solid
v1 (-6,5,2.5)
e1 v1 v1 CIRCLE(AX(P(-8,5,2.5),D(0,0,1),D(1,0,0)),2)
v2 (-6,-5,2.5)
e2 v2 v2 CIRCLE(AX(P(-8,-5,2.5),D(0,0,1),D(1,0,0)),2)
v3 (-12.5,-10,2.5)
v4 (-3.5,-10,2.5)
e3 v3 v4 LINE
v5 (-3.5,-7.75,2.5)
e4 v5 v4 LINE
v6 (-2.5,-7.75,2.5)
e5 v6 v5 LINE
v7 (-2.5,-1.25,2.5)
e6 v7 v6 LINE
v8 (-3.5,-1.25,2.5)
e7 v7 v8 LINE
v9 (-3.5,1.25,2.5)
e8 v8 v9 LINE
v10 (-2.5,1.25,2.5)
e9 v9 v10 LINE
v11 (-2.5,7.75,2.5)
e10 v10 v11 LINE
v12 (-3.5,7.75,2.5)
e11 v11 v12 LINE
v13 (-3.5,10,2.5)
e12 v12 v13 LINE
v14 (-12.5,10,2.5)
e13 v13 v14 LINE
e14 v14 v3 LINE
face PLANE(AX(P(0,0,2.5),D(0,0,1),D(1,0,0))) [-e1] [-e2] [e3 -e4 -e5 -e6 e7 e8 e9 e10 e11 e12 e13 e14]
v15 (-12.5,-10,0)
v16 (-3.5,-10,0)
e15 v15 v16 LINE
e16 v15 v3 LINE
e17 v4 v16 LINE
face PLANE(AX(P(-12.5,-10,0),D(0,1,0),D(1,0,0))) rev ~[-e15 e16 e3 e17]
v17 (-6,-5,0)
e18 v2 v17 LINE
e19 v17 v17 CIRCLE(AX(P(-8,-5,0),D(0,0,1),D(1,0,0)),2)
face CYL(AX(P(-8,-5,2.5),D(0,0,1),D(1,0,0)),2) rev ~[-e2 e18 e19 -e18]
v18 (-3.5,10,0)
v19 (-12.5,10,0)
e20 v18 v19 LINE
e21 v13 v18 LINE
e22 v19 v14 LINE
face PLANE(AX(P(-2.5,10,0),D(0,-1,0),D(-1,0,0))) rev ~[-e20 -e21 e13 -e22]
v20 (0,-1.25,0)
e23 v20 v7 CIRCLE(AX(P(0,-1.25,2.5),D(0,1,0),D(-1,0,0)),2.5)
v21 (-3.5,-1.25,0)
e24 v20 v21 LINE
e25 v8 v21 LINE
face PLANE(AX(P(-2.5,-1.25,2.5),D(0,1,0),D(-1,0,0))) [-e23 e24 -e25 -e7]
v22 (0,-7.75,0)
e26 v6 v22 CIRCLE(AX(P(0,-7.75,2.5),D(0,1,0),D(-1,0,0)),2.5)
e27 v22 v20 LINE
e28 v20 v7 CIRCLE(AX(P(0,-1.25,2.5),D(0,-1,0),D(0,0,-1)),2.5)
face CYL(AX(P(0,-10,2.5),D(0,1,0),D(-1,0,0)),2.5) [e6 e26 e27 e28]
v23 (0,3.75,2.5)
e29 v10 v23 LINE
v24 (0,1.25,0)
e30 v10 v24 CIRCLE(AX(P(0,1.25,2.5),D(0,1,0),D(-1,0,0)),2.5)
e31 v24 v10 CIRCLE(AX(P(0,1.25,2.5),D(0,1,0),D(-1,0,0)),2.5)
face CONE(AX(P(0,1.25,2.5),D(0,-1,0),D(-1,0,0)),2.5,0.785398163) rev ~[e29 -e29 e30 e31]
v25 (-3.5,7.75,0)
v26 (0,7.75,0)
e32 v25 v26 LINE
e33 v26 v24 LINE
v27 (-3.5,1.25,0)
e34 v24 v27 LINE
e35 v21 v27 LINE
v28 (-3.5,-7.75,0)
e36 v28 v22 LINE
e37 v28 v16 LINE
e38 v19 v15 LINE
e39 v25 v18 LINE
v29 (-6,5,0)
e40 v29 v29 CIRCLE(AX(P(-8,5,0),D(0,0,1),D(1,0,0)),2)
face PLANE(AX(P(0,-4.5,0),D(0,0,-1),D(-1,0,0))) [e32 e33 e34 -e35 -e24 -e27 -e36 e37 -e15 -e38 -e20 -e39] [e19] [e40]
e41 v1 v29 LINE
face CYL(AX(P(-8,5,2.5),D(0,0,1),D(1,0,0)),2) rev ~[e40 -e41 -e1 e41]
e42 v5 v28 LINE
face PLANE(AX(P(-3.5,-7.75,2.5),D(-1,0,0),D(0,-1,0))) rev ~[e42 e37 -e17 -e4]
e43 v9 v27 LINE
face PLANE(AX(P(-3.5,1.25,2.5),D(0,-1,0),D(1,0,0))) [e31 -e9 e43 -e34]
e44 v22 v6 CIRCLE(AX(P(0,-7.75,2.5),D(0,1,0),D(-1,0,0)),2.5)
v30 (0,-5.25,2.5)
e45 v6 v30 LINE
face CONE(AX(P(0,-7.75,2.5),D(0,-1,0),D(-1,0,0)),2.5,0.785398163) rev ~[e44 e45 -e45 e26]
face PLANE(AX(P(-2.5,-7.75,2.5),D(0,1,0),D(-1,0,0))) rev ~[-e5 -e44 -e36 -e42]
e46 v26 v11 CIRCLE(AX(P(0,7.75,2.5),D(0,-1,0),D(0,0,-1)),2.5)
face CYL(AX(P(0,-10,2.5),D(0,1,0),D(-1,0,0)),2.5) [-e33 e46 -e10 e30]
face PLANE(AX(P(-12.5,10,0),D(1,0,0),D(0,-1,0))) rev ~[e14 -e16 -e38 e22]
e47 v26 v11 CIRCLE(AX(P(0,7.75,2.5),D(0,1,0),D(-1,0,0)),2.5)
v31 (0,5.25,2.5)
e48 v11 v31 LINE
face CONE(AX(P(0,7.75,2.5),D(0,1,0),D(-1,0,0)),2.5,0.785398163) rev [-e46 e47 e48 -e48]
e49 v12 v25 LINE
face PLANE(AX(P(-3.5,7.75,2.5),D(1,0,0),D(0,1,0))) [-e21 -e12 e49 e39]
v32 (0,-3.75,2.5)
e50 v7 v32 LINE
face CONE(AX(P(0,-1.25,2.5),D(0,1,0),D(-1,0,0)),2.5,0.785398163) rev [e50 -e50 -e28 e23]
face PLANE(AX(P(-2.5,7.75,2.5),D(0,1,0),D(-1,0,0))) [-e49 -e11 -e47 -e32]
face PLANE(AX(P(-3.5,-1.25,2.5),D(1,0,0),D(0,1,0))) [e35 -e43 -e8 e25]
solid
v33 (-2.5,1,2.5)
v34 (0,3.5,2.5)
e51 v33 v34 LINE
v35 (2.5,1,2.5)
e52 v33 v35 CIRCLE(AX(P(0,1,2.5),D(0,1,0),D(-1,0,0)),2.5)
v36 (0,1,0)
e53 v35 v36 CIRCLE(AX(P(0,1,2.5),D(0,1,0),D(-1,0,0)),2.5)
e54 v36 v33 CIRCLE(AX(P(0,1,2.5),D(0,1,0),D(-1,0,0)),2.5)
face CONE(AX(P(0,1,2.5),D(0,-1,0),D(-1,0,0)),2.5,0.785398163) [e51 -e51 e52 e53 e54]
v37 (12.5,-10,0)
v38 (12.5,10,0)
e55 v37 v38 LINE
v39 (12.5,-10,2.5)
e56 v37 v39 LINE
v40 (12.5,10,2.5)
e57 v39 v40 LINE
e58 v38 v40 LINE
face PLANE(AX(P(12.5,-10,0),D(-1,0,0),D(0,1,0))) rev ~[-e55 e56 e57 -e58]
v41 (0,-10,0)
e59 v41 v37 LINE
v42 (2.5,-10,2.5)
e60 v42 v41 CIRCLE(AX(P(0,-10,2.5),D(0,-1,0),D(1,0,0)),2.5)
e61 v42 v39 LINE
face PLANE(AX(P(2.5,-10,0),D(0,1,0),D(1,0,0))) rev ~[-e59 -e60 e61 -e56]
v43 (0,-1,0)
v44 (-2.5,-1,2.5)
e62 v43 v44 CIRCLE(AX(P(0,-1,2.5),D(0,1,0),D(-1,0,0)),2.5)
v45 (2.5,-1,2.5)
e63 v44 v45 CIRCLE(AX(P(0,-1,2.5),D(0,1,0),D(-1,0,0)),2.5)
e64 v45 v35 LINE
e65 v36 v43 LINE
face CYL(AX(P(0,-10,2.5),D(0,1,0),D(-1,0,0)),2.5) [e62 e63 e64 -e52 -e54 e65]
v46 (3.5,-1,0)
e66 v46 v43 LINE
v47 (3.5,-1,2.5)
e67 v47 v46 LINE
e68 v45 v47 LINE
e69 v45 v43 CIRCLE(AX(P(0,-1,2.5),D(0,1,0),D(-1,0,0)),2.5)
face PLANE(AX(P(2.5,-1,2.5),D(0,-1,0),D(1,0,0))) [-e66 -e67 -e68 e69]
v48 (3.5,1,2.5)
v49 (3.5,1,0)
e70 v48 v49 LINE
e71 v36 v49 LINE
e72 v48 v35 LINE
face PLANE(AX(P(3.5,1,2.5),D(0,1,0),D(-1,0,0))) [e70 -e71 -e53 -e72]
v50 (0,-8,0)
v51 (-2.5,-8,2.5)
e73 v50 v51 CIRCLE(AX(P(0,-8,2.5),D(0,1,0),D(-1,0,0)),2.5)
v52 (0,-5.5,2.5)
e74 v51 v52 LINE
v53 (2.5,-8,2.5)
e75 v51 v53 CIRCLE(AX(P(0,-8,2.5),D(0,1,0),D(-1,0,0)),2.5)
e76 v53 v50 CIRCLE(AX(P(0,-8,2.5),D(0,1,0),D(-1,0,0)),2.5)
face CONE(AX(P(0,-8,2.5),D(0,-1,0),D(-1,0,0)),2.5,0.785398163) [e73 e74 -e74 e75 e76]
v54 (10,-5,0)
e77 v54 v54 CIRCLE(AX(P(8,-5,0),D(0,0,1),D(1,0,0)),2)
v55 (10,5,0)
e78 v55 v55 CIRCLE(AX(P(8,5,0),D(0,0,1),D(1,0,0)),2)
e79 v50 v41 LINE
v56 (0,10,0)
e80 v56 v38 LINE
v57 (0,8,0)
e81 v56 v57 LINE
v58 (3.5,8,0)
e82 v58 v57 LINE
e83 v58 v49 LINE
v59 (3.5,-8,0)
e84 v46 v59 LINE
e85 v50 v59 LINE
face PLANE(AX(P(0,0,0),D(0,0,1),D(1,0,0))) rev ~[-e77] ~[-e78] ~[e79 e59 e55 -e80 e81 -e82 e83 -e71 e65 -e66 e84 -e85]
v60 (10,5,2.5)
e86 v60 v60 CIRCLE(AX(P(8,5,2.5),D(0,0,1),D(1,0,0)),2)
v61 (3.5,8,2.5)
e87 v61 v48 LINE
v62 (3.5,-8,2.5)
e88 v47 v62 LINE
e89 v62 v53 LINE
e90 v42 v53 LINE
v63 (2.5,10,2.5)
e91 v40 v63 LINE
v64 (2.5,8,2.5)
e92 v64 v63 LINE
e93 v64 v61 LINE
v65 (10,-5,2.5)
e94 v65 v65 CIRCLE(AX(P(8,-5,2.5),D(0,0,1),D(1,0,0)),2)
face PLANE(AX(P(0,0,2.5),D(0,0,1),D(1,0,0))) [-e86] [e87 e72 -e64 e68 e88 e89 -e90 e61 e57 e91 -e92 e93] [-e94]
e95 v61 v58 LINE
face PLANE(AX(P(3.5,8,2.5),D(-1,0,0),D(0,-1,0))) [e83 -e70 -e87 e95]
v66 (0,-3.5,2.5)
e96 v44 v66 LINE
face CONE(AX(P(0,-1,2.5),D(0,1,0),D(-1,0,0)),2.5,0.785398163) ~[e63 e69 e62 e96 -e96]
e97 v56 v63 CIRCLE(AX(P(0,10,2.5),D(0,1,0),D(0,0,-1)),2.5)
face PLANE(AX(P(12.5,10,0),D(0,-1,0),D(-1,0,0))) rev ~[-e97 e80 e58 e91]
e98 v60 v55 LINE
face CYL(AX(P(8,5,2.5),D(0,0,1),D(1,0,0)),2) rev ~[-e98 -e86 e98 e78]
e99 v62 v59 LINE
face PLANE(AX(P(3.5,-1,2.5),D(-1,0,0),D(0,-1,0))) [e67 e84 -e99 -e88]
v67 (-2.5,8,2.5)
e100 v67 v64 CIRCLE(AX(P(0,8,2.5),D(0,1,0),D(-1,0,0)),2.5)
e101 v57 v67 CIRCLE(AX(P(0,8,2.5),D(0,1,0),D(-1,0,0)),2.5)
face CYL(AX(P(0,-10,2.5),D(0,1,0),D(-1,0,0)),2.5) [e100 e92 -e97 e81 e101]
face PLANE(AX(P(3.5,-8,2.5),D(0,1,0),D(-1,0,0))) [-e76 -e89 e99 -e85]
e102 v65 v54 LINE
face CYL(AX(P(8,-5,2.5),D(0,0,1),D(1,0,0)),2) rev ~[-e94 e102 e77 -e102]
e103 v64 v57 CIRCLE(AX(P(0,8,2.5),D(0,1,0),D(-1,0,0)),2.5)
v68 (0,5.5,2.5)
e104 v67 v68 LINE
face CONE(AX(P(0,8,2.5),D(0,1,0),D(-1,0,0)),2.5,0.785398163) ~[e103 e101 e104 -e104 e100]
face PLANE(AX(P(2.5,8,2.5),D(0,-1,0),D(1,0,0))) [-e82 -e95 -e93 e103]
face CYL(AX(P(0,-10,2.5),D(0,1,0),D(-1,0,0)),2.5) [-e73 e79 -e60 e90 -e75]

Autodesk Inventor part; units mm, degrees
ref_plane "YZ Plane" through (0, 0, 0) normal (1, 0, 0) x (0, 1, 0)
sketch "Sketch1" plane through (0, 0, 0) normal (0, 0, 1) x (1, 0, 0)
  line L0 (12.5, -10) -> (12.5, 10)
  line L1 (-12.5, 10) -> (-12.5, -10)
  line L2 (-12.5, -10) -> (12.5, 10) construction
  line L3 (12.5, -10) -> (-12.5, 10) construction
  line L4 (2.5, -10) -> (2.5, 10)
  line L5 (-2.5, 10) -> (-2.5, -10)
  line L6 (-2.5, -10) -> (2.5, 10) construction
  line L7 (2.5, -10) -> (-2.5, 10) construction
  line L8 (12.5, 10) -> (2.5, 10)
  line L9 (-2.5, 10) -> (-12.5, 10)
  line L10 (-12.5, -10) -> (-2.5, -10)
  line L11 (2.5, -10) -> (12.5, -10)
  point P0 (0, 0)
  dimension "d0" = 25
  dimension "d1" = 20
  dimension "d2" = 5
  dimension "d3" = 20
  dimension "d4" = 38.66
  dimension "d5" = 75.964
extrude "Extrusion1" add sketch "Sketch1" along normal blind 2.5
sketch "Sketch2" plane through (0, 0, 2.5) normal (0, 0, 1) x (1, 0, 0)
  line L0 (-2.5, -10) -> (-2.5, 10) projected
  line L1 (12.5, 10) -> (2.5, 10) projected
  line L2 (-2.5, 10) -> (0, 10)
  line L3 (2.5, 10) -> (2.5, -10) projected
  line L4 (-2.5, 10) -> (-2.5, 8)
  line L5 (-2.5, 8) -> (0, 5.5)
  line L6 (0, 5.5) -> (0, 10)
  line L7 (-2.5, 7.75) -> (0, 5.25)
  line L8 (-2.5, 7.75) -> (1.5, 7.75) construction
  line L9 (-2.5, 0) -> (-2.5, 1)
  line L10 (-2.5, 1) -> (0, 3.5)
  line L11 (0, 0) -> (0, 3.5)
  line L12 (-2.5, 1) -> (-2.5, 1.25) construction
  line L13 (-2.5, 1.25) -> (0, 3.75)
  line L14 (0, 3.75) -> (0, 5.25)
  line L15 (-2.5, 1.25) -> (-2.5, 7.75)
  line L16 (-2.5, -10) -> (0, -10)
  line L17 (-2.5, -10) -> (-2.5, -8)
  line L18 (-2.5, -8) -> (0, -5.5)
  line L19 (0, -5.5) -> (0, -10)
  line L20 (-2.5, -7.75) -> (0, -5.25)
  line L21 (-2.5, 0) -> (-2.5, -1)
  line L22 (-2.5, -1) -> (0, -3.5)
  line L23 (0, 0) -> (0, -3.5)
  line L24 (-2.5, -1) -> (-2.5, -1.25) construction
  line L25 (-2.5, -1.25) -> (0, -3.75)
  line L26 (0, -3.75) -> (0, -5.25)
  line L27 (-2.5, -1.25) -> (-2.5, -7.75)
  dimension "d11" = 2
  dimension "d12" = 135
  dimension "d14" = 45
  dimension "d15" = 1
  dimension "d17" = 135
  dimension "d18" = 0.25
  dimension "d19" = 90
  dimension "d20" = 90
  dimension "d21" = 90
  dimension "d22" = 90
  dimension "d23" = 90
  dimension "d24" = 90
  dimension "d25" = 90
  dimension "d26" = 2.5
  dimension "d27" = 2.25
  dimension "d28" = 2.5
  dimension "d29" = 6.1872
  dimension "d30" = 6.364
  dimension "d31" = 6.1872
  dimension "d32" = 6.364
  dimension "d33" = 12.5
  dimension "d34" = 12.5
  dimension "d35" = 1
revolve "Revolution1" add sketch "Sketch2" angle 360 about axis through (0, 0, 2.5) along (0, 1, 0)
sketch "Sketch4" plane through (0, 0, 2.5) normal (0, 0, 1) x (1, 0, 0)
  line L0 (-2.5, -8) -> (-2.5, 8) projected
  line L1 (-2.5, 7.75) -> (-3.5, 7.75)
  line L2 (-3.5, 7.75) -> (-3.5, 10)
  line L3 (-3.5, 10) -> (-2.5, 10)
  line L4 (-2.5, 10) -> (-2.5, 7.75)
  line L5 (2.5, 10) -> (2.5, 8) projected
  line L6 (2.5, 8) -> (3.5, 8)
  line L7 (3.5, 8) -> (3.5, 1)
  line L8 (3.5, 1) -> (2.5, 1)
  line L9 (2.5, 1) -> (2.5, 8)
  line L10 (-2.5, -7.75) -> (-2.5, -1.25) projected
  line L11 (-2.5, -1.25) -> (-3.5, -1.25)
  line L12 (-3.5, -1.25) -> (-3.5, 1.25)
  line L13 (-3.5, 1.25) -> (-2.5, 1.25)
  line L14 (-2.5, 1.25) -> (-2.5, -1.25)
  line L15 (2.5, 1) -> (2.5, -1) projected
  line L16 (2.5, -1) -> (3.5, -1)
  line L17 (3.5, -1) -> (3.5, -8)
  line L18 (3.5, -8) -> (2.5, -8)
  line L19 (2.5, -8) -> (2.5, -1)
  line L20 (2.5, -7.75) -> (2.5, -7.75) projected
  line L21 (-2.5, -10) -> (-12.5, -10) projected
  line L22 (-2.5, -7.75) -> (-3.5, -7.75)
  line L23 (-3.5, -7.75) -> (-3.5, -10)
  line L24 (-3.5, -10) -> (-2.5, -10)
  line L25 (-2.5, -10) -> (-2.5, -7.75)
  point P0 (0, 0)
  dimension "d39" = 1
  dimension "d40" = 2.25
  dimension "d41" = 1
  dimension "d42" = 7
  dimension "d43" = 1
  dimension "d44" = 2.5
  dimension "d45" = 1
  dimension "d46" = 7
  dimension "d47" = 1
extrude "Extrusion3" cut sketch "Sketch4" against normal blind 2.5
sketch "Sketch5" plane through (0, 0, 2.5) normal (0, 0, 1) x (1, 0, 0)
  circle A0 centre (8, -5) radius 2
  line L0 (2.5, -10) -> (12.5, -10) projected
  line L1 (12.5, -10) -> (12.5, 10) projected
  line L2 (-12.5, 10) -> (-12.5, -10) projected
  line L3 (-12.5, -10) -> (-3.5, -10) projected
  circle A1 centre (8, 5) radius 2
  circle A2 centre (-8, -5) radius 2
  circle A3 centre (-8, 5) radius 2
  point P0 (0, 0)
  dimension "d50" = 4
  dimension "d51" = 5
  dimension "d52" = 4.5
  dimension "d57" = 10
  dimension "d60" = 16
extrude "Extrusion4" cut sketch "Sketch5" against normal blind 2.5
sketch "Sketch6" plane through (0, 0, 0) normal (0, 0, -1) x (-1, 0, 0)
  line L0 (2.5, 10) -> (-2.5, 10) projected
  line L1 (2.5, 8) -> (-2.5, 8) projected
  line L2 (-2.5, 10) -> (0, 10)
  line L3 (0, 10) -> (0, 8)
  line L4 (0, 8) -> (-2.5, 8)
  line L5 (-2.5, 8) -> (-2.5, 10)
  line L6 (2.5, -1) -> (-2.5, -1) projected
  line L7 (-2.5, 1) -> (0, 1)
  line L8 (0, 1) -> (0, -1)
  line L9 (0, -1) -> (-2.5, -1)
  line L10 (-2.5, -1) -> (-2.5, 1)
  line L11 (-2.5, -8) -> (-2.5, -10) projected
  line L12 (2.5, -10) -> (-2.5, -10) projected
  line L13 (-2.5, -8) -> (0, -8)
  line L14 (0, -8) -> (0, -10)
  line L15 (0, -10) -> (-2.5, -10)
  line L16 (-2.5, -10) -> (-2.5, -8)
  line L17 (2.5, -1.25) -> (0, -3.75) projected
  line L18 (0, -3.75) -> (2.5, -3.75)
  line L19 (2.5, -3.75) -> (2.5, -5.25)
  line L20 (2.5, -5.25) -> (0, -5.25)
  line L21 (0, -5.25) -> (0, -3.75)
  line L22 (2.5, 7.75) -> (0, 5.25) projected
  line L23 (0, 5.25) -> (2.5, 5.25)
  line L24 (2.5, 5.25) -> (2.5, 3.75)
  line L25 (2.5, 3.75) -> (0, 3.75)
  line L26 (0, 3.75) -> (0, 5.25)
  point P0 (0, 0)
  dimension "d65" = 5
  dimension "d66" = 6.25
  dimension "d67" = 15.25
extrude "Extrusion5" add sketch "Sketch6" against normal blind 2.5
ref_plane "Work Plane1" through (-2.5, -4.5, 0) normal (0, -1, 0) x (1, 0, 0)
sketch "Sketch7" plane through (-2.5, -4.5, 0) normal (0, -1, 0) x (1, 0, 0)
  line L0 (2.5, 0) -> (0, 0) projected
  line L1 (0, 0) -> (2.5, 0)
  line L2 (0, 0) -> (0, 2.5) projected
  line L3 (0, 0) -> (0, 2.5)
  line L4 (15, 0) -> (2.5, 0) projected
  arc A0 (0, 2.5) -> (2.5, 0) centre (2.5, 2.5) ccw
extrude "Extrusion6" add sketch "Sketch7" along normal mid plane 6.5
ref_plane "Work Plane2" through (-2.5, 4.5, 0) normal (0, -1, 0) x (1, 0, 0)
sketch "Sketch8" plane through (-2.5, 4.5, 0) normal (0, -1, 0) x (1, 0, 0)
  arc A0 (0, 2.5) -> (2.5, 0) centre (2.5, 2.5) ccw projected
  line L0 (0, 2.5) -> (0, 0)
  line L1 (0, 0) -> (2.5, 0)
  line L2 (0, 2.5) -> (-1, 2.5) projected
  arc A1 (0, 2.5) -> (2.5, 0) centre (2.5, 2.5) ccw
extrude "Extrusion7" add sketch "Sketch8" along normal mid plane 6.5
properties part number "26 scharnier 0.2 mm speling"
